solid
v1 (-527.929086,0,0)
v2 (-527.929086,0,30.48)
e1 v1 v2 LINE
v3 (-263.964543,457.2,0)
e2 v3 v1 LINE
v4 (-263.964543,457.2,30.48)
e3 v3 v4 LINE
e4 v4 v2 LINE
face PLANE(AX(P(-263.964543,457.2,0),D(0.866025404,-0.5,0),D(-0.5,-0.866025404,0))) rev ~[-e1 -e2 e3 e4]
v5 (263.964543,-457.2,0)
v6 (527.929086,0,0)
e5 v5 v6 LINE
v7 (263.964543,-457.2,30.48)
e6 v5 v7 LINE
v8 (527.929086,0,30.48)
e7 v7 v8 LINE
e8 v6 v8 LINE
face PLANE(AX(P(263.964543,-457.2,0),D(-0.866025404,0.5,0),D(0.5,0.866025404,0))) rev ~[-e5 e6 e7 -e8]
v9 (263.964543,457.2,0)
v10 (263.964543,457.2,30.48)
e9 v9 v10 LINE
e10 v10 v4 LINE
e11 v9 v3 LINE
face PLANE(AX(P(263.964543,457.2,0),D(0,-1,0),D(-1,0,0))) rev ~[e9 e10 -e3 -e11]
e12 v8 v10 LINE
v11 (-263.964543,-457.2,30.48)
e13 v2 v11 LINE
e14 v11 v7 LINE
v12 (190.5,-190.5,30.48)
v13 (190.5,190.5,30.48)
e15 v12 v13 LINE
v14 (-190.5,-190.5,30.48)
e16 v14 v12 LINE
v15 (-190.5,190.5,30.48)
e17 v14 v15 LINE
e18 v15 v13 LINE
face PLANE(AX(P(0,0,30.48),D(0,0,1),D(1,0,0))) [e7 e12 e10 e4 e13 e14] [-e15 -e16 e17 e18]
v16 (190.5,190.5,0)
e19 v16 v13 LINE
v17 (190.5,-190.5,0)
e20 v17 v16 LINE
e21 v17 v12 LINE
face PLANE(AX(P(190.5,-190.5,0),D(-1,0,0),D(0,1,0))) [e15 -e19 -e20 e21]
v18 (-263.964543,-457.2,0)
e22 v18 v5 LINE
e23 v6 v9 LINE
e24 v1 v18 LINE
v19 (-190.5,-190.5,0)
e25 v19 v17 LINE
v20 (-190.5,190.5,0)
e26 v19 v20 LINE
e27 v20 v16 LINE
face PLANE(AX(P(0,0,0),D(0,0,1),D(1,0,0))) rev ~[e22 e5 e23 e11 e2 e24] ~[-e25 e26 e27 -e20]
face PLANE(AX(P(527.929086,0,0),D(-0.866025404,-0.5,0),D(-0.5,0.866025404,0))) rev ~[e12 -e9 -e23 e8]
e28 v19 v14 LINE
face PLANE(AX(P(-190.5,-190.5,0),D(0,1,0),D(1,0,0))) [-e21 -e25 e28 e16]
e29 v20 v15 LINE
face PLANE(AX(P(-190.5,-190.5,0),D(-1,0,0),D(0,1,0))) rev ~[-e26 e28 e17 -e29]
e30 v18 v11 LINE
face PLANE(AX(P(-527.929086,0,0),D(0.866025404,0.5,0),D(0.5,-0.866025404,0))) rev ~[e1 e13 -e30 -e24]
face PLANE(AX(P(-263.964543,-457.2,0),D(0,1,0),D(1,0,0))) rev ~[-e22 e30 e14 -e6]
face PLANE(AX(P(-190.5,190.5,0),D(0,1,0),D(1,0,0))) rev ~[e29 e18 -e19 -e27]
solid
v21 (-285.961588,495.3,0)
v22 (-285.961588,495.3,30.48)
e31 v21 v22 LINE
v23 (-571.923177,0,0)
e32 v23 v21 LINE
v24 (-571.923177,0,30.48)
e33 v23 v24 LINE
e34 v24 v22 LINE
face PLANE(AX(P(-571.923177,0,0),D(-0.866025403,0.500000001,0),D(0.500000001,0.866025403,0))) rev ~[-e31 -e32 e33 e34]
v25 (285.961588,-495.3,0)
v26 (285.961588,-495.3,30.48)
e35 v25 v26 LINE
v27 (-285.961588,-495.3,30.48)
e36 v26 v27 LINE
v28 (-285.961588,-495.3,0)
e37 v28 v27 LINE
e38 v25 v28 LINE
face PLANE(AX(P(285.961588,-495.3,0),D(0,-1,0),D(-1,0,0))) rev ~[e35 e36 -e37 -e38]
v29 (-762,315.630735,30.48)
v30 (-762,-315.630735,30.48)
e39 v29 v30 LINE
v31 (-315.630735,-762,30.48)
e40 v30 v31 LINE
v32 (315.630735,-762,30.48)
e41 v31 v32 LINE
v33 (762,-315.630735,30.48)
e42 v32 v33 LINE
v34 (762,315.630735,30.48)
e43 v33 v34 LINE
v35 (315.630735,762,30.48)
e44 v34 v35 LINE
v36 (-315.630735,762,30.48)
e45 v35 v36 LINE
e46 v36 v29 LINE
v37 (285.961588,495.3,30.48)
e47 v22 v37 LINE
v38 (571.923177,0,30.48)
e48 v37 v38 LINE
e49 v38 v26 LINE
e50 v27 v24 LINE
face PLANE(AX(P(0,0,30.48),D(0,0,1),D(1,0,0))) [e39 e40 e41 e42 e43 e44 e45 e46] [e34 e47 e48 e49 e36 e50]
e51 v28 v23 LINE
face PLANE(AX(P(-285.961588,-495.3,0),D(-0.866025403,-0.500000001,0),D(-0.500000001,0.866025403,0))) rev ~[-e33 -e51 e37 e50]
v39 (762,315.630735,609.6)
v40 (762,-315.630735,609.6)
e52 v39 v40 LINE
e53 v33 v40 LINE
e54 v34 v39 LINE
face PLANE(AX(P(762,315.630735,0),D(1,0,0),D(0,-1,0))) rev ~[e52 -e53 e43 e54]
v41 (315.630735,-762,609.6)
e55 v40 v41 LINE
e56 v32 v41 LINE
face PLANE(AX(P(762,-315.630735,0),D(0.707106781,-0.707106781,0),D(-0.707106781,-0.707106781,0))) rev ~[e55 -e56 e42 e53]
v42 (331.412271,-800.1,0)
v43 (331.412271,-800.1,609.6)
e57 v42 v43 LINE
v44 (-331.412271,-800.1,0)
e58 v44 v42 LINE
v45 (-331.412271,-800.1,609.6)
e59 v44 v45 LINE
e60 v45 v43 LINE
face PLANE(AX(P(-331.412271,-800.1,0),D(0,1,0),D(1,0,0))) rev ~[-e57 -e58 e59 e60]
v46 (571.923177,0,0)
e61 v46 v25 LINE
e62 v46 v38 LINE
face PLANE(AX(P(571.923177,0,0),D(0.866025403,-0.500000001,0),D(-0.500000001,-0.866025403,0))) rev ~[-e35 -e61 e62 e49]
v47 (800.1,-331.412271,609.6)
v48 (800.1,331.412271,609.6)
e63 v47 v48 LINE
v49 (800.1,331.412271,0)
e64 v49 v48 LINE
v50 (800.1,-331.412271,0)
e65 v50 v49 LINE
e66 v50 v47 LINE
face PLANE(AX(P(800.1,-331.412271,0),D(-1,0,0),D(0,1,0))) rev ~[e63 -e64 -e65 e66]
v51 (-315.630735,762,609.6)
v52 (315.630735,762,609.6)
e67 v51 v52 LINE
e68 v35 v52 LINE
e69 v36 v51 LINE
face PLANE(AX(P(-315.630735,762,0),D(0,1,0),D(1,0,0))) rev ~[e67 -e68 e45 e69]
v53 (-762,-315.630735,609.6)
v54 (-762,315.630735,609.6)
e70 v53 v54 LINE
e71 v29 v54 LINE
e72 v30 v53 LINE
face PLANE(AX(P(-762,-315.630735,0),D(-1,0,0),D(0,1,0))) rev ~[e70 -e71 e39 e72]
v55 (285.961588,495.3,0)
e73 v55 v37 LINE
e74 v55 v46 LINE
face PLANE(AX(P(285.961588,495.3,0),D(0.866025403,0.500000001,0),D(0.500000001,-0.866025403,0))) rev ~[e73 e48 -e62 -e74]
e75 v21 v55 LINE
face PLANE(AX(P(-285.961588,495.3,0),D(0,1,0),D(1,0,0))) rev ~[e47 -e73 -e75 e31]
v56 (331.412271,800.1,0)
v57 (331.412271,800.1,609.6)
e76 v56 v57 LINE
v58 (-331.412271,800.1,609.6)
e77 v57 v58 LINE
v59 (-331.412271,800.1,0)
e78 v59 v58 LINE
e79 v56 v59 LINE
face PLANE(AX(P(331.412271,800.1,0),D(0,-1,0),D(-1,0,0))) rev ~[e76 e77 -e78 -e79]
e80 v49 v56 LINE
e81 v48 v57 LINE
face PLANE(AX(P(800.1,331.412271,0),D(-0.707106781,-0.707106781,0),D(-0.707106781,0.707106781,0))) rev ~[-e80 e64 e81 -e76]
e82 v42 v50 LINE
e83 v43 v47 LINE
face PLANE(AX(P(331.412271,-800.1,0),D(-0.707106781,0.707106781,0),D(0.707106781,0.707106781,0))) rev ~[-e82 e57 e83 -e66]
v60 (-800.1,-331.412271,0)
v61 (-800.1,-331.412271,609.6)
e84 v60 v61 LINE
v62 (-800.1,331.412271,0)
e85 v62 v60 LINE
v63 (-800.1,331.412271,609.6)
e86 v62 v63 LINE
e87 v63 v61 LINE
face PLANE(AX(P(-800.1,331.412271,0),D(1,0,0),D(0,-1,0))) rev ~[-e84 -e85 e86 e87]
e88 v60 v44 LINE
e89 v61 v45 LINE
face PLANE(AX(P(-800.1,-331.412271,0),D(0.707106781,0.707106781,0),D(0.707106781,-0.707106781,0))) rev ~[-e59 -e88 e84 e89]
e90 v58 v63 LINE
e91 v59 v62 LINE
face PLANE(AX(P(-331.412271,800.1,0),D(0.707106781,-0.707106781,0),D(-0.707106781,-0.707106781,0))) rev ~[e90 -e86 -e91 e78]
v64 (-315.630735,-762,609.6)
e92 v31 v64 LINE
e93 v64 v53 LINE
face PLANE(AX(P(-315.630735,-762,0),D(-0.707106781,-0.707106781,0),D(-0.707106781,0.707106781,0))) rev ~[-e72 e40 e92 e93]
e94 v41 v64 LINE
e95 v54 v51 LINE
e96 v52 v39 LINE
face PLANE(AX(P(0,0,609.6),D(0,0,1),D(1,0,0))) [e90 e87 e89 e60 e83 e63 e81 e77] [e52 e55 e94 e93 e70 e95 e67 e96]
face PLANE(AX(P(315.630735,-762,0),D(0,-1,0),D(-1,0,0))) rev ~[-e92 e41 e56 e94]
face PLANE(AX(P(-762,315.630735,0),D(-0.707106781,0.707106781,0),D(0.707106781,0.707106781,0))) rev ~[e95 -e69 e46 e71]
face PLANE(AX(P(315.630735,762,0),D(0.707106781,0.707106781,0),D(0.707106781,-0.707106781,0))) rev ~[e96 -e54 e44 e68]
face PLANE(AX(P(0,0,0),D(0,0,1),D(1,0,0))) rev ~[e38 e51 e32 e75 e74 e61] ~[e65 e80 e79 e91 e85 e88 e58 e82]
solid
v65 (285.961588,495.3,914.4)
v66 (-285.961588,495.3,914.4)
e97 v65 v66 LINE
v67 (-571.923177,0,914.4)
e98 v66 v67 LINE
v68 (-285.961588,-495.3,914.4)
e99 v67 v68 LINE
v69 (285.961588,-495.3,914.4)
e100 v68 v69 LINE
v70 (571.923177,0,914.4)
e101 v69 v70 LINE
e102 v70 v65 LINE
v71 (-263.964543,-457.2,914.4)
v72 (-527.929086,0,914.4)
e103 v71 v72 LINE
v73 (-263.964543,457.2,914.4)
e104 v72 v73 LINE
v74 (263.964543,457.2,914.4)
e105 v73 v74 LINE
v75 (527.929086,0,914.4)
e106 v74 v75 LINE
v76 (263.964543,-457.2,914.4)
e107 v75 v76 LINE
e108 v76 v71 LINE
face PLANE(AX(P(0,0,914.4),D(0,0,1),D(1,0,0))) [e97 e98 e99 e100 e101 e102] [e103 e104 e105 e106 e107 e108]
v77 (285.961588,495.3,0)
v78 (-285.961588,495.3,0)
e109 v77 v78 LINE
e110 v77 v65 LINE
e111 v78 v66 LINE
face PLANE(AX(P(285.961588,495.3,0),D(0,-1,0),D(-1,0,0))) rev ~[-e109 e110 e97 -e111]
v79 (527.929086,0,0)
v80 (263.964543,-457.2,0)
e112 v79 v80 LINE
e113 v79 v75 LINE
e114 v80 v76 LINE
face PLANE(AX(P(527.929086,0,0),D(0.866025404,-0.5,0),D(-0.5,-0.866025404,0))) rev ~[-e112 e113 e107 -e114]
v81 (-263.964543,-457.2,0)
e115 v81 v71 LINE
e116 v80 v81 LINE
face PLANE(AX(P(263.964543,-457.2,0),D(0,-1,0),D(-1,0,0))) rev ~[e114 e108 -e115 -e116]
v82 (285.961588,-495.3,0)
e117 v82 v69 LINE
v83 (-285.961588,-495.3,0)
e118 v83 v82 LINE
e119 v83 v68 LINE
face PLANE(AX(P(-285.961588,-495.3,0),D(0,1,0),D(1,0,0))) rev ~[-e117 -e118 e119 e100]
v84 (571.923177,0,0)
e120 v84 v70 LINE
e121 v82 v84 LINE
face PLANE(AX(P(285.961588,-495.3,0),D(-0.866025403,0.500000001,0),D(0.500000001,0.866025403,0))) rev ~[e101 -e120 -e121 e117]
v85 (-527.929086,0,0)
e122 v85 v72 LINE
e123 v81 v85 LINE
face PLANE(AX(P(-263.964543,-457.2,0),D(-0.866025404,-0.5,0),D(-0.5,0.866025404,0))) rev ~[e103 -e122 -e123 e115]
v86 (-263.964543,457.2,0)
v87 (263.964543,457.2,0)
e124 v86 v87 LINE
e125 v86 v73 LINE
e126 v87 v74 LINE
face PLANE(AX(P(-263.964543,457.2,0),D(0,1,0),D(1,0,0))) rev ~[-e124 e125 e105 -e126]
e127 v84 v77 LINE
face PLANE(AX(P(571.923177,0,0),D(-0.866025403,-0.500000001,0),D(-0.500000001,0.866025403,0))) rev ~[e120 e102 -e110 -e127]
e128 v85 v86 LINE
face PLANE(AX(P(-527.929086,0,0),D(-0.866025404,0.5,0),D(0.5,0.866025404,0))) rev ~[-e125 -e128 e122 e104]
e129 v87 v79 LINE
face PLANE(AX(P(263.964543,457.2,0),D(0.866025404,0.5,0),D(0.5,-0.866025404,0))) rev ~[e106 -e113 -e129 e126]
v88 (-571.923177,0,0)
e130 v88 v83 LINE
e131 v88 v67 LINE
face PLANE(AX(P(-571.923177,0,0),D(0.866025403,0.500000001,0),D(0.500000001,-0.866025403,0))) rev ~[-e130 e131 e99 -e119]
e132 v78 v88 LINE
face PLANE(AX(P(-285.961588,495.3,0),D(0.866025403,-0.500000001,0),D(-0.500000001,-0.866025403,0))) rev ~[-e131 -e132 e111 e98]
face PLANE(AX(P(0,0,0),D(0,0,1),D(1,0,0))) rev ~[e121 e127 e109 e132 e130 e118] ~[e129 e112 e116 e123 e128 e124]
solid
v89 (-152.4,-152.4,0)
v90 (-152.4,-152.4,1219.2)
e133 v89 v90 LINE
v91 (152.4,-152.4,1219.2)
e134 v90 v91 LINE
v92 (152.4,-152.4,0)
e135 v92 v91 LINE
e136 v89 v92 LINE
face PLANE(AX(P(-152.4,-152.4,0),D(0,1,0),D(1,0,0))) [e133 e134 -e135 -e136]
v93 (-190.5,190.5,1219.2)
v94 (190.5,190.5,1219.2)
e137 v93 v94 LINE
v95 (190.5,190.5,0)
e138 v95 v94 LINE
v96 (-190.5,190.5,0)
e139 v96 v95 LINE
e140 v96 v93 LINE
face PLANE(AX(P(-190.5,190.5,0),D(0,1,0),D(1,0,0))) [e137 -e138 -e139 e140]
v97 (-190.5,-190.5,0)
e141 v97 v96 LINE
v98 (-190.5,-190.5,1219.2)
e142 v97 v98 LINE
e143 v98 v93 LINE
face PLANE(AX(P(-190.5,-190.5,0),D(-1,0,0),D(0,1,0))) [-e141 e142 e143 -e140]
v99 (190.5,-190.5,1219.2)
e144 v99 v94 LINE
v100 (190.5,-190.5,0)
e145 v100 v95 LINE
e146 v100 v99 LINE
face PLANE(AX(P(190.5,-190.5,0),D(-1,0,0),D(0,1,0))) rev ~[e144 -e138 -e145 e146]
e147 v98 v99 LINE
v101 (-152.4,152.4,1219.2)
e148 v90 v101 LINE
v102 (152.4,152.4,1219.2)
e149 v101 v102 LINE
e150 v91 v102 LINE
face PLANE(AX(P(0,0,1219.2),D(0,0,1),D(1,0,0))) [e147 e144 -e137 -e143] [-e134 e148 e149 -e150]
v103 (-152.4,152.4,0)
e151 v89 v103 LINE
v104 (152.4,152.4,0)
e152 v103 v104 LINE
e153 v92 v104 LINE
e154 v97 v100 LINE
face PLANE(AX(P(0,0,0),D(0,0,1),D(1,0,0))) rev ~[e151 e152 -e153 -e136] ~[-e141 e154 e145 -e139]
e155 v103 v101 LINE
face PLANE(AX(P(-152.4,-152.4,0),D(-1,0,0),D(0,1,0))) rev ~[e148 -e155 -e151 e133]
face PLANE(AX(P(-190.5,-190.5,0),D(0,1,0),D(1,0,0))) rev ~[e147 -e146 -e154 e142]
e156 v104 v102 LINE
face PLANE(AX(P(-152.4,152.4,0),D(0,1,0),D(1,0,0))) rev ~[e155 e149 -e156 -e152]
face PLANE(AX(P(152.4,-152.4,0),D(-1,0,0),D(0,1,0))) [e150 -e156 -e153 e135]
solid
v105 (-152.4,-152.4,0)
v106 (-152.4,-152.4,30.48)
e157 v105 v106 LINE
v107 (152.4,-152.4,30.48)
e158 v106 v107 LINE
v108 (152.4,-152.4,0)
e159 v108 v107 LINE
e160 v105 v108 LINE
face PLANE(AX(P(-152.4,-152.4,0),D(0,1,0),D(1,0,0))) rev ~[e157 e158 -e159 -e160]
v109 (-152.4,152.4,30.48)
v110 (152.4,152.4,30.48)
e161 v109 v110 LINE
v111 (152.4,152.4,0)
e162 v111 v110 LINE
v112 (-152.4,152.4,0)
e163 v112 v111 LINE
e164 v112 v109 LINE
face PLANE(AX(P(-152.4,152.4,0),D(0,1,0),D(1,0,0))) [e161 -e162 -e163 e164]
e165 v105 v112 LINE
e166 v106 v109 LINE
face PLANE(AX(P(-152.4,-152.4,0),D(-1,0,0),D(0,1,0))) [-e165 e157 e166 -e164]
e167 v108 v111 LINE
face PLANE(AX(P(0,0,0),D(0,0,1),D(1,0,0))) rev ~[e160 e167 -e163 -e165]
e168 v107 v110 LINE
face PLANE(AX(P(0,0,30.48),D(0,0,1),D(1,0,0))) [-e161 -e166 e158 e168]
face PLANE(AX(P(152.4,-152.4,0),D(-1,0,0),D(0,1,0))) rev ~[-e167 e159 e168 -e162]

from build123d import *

# Parameters (mm, degrees)
F0_W     = 381
F0_H     = 381
F0_W_2   = 304.8
F0_H_2   = 304.8
F1_DEPTH = 30.48
F2_DEPTH = 1219.2
F3_DEPTH = 914.4
F4_DEPTH = 609.6


with BuildPart() as f1:
    # F0 (on Top) → F1 (new body)
    with BuildSketch(Plane.XY):
        Polygon((-315.630735, -762), (315.630735, -762), (762, -315.630735), (762, 315.630735), (315.630735, 762), (-315.630735, 762), (-762, 315.630735), (-762, -315.630735), align=None)
        Polygon((571.923177, 0), (285.961588, -495.3), (-285.961588, -495.3), (-571.923177, 0), (-285.961588, 495.3), (285.961588, 495.3), align=None, mode=Mode.SUBTRACT)
        Polygon((-263.964543, -457.2), (263.964543, -457.2), (527.929086, 0), (263.964543, 457.2), (-263.964543, 457.2), (-527.929086, 0), align=None)
        Rectangle(F0_W, F0_H, mode=Mode.SUBTRACT)
        Rectangle(F0_W_2, F0_H_2)
    extrude(amount=F1_DEPTH)

    # F0 (on Top) → F4 (join)
    with BuildSketch(Plane.XY):
        Polygon((-331.412271, -800.1), (331.412271, -800.1), (800.1, -331.412271), (800.1, 331.412271), (331.412271, 800.1), (-331.412271, 800.1), (-800.1, 331.412271), (-800.1, -331.412271), align=None)
        Polygon((762, -315.630735), (315.630735, -762), (-315.630735, -762), (-762, -315.630735), (-762, 315.630735), (-315.630735, 762), (315.630735, 762), (762, 315.630735), align=None, mode=Mode.SUBTRACT)
    extrude(amount=F4_DEPTH)


with BuildPart() as f2:
    # F0 (on Top) → F2 (new body)
    with BuildSketch(Plane.XY):
        Rectangle(F0_W, F0_H)
        Rectangle(F0_W_2, F0_H_2, mode=Mode.SUBTRACT)
    extrude(amount=F2_DEPTH)


with BuildPart() as f3:
    # F0 (on Top) → F3 (new body)
    with BuildSketch(Plane.XY):
        Polygon((-285.961588, -495.3), (285.961588, -495.3), (571.923177, 0), (285.961588, 495.3), (-285.961588, 495.3), (-571.923177, 0), align=None)
        Polygon((527.929086, 0), (263.964543, -457.2), (-263.964543, -457.2), (-527.929086, 0), (-263.964543, 457.2), (263.964543, 457.2), align=None, mode=Mode.SUBTRACT)
    extrude(amount=F3_DEPTH)


solid = Compound([f1.part, f2.part, f3.part])
